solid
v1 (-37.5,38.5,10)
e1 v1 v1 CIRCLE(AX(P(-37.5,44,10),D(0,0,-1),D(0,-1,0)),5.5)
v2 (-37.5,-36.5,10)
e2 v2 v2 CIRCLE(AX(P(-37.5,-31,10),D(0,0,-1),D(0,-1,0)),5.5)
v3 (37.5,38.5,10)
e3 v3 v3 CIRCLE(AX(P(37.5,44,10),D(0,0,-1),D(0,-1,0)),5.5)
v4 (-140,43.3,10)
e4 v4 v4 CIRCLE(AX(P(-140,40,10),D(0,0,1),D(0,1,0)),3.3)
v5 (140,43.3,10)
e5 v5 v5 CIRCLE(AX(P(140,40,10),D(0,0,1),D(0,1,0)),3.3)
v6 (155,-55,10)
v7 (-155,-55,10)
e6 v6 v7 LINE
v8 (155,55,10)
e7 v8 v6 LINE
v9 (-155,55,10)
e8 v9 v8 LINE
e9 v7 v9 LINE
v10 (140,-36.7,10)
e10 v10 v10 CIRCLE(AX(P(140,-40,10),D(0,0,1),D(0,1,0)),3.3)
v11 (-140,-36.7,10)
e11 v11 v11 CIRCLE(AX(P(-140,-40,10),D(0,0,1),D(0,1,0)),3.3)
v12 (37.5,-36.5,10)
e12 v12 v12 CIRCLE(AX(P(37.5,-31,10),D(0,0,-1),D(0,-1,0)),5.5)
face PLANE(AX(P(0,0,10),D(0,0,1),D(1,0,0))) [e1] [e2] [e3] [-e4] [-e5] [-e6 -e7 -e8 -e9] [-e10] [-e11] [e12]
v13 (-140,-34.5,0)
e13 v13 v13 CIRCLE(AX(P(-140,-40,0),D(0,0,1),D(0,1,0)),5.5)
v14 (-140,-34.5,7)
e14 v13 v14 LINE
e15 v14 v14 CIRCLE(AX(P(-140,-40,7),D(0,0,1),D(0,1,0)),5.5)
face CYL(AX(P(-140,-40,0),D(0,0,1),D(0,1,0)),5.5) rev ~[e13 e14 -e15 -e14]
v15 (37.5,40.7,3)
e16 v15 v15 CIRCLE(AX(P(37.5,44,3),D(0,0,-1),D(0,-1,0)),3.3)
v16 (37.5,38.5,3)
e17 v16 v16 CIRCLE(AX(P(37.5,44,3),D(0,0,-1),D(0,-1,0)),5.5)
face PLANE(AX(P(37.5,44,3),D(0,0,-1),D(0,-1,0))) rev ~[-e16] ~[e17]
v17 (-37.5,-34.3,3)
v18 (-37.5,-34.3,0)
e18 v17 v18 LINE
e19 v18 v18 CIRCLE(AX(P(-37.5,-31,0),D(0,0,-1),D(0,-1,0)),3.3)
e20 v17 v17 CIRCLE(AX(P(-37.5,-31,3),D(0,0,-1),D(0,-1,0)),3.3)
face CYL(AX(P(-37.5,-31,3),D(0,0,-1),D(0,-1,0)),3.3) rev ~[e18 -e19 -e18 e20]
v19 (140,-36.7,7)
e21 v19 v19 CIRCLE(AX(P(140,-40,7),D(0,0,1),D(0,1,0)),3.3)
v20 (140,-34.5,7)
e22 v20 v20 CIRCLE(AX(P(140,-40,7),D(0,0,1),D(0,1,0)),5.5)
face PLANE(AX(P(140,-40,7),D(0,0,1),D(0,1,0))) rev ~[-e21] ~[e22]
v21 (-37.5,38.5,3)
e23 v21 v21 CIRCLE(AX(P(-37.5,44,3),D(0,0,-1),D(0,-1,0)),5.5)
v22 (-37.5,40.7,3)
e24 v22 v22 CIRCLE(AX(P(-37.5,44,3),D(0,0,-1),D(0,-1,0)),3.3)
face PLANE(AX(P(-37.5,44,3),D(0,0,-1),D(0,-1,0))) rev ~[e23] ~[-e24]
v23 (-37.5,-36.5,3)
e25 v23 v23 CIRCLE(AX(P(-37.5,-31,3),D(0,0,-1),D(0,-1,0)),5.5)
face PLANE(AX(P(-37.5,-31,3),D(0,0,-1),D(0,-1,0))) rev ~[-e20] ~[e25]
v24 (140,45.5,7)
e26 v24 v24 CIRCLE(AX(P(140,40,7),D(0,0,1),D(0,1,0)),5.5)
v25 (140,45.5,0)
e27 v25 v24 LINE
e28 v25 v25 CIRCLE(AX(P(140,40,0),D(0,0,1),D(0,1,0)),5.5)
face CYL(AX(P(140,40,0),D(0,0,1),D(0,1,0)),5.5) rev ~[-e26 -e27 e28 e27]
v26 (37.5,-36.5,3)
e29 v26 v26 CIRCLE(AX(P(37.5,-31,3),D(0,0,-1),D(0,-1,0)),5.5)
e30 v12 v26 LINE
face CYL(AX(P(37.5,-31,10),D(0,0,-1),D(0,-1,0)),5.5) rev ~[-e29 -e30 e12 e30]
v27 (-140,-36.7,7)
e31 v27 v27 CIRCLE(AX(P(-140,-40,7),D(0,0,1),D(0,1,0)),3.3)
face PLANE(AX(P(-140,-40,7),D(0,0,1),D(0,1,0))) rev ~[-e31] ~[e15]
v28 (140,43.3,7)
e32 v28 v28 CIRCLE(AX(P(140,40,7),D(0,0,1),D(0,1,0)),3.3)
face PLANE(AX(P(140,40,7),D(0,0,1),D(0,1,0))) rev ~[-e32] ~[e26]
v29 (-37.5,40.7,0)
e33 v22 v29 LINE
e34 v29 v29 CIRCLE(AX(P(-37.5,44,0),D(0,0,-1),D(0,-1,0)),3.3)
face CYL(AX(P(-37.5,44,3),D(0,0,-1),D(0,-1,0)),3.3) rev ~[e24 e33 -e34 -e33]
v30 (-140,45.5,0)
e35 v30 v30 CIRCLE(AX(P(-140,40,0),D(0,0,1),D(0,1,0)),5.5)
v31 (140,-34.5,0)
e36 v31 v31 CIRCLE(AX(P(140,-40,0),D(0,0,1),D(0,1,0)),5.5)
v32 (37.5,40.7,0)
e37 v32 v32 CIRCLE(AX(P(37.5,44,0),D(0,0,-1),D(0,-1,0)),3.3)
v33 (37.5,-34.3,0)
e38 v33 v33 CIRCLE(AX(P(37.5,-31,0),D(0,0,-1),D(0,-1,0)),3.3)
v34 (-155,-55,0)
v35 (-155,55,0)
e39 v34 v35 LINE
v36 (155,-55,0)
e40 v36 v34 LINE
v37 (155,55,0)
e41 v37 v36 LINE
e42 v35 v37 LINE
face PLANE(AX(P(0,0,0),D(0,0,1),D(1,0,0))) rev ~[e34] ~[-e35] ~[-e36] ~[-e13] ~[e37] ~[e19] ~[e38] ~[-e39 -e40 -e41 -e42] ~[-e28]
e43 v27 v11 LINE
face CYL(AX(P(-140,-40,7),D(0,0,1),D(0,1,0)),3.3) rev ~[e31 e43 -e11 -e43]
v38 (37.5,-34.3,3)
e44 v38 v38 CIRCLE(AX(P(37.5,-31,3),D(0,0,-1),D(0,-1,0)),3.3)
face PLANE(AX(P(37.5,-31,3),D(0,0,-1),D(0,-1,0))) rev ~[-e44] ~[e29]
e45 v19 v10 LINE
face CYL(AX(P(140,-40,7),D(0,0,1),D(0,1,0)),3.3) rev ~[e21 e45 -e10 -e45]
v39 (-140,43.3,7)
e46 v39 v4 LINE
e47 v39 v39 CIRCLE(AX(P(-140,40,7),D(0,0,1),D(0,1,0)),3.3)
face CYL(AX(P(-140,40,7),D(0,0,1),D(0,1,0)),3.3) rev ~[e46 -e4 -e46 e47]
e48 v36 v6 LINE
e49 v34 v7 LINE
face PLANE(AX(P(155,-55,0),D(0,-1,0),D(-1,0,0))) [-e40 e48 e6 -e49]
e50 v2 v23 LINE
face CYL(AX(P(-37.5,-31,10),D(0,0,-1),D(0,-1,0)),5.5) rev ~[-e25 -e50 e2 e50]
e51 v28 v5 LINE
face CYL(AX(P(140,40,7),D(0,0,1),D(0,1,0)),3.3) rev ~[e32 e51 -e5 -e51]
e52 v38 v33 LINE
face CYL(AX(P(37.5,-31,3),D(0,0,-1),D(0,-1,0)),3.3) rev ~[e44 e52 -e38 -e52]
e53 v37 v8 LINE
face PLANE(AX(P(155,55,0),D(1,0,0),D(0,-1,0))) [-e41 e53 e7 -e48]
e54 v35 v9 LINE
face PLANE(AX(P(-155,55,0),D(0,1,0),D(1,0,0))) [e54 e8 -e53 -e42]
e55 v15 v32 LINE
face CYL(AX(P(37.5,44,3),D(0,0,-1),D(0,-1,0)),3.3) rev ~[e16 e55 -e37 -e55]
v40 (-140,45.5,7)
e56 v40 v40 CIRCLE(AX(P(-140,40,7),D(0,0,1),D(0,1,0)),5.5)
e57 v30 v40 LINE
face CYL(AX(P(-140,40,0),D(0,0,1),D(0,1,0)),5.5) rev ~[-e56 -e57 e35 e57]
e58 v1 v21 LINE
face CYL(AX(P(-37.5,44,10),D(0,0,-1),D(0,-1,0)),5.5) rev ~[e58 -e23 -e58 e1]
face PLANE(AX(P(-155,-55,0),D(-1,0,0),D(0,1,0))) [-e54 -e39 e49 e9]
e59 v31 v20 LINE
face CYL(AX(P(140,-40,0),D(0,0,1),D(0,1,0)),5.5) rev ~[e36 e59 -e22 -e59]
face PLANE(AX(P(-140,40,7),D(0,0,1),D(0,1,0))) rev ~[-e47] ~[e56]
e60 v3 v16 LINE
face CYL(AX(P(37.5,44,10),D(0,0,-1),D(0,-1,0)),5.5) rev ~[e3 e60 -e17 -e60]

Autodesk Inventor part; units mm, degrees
ref_plane "YZ Plane" through (0, 0, 0) normal (1, 0, 0) x (0, 1, 0)
ref_plane "XZ Plane" through (0, 0, 0) normal (0, 1, 0) x (-1, 0, 0)
ref_plane "XY Plane" through (0, 0, 0) normal (0, 0, 1) x (1, 0, 0)
sketch "Sketch1" plane through (0, 0, 0) normal (0, 0, 1) x (1, 0, 0)
  line L0 (-155, 55) -> (155, 55)
  line L1 (155, 55) -> (155, -55)
  line L2 (155, -55) -> (-155, -55)
  line L3 (-155, -55) -> (-155, 55)
  point P0 (0, 0)
  dimension "d0" = 110
  dimension "d1" = 310
  dimension "d2" = 155
  dimension "d3" = 55
extrude "Extrusion1" add sketch "Sketch1" along normal blind 10
sketch "Sketch2" plane through (0, 0, 10) normal (0, 0, 1) x (1, 0, 0)
  line L0 (155, 55) -> (-155, 55) projected
  point P0 (0, 0)
  point P1 (-37.5, 44)
  point P2 (37.5, 44)
  point P3 (-37.5, -31)
  point P4 (37.5, -31)
  dimension "d6" = 75
  dimension "d7" = 11
  dimension "d8" = 75
  dimension "d27" = 37.5
hole "Hole1" at (-37.5, 44, 10) at (37.5, 44, 10) at (-37.5, -31, 10) at (37.5, -31, 10) direction (0, 0, -1) diameter 6.6 end through all counterbore diameter 11 counterbore depth 7 clearance for "Hex Head Cap Screw ISO 24017" size "M6" standard "ISO"
sketch "Sketch3" plane through (0, 0, 0) normal (0, 0, -1) x (-1, 0, 0)
  point P0 (0, 0)
  point P1 (-140, 40)
  point P2 (-140, -40)
  point P3 (140, 40)
  point P4 (140, -40)
  dimension "d16" = 80
  dimension "d17" = 40
  dimension "d18" = 280
  dimension "d19" = 140
hole "Hole2" at (140, 40, 0) at (140, -40, 0) at (-140, 40, 0) at (-140, -40, 0) direction (0, 0, 1) diameter 6.6 end through all counterbore diameter 11 counterbore depth 7 clearance for "Hex Head Cap Screw ISO 24017" size "M6" standard "ISO"
equation "\"d2\" = 0.5 * d1"
equation "\"d3\" = 0.5 * d0"
equation "\"d27\" = 0.5 * d6"
equation "\"d17\" = 0.5 * d16"
equation "\"d19\" = 0.5 * d18"
properties part number "zStagePostAttach"
